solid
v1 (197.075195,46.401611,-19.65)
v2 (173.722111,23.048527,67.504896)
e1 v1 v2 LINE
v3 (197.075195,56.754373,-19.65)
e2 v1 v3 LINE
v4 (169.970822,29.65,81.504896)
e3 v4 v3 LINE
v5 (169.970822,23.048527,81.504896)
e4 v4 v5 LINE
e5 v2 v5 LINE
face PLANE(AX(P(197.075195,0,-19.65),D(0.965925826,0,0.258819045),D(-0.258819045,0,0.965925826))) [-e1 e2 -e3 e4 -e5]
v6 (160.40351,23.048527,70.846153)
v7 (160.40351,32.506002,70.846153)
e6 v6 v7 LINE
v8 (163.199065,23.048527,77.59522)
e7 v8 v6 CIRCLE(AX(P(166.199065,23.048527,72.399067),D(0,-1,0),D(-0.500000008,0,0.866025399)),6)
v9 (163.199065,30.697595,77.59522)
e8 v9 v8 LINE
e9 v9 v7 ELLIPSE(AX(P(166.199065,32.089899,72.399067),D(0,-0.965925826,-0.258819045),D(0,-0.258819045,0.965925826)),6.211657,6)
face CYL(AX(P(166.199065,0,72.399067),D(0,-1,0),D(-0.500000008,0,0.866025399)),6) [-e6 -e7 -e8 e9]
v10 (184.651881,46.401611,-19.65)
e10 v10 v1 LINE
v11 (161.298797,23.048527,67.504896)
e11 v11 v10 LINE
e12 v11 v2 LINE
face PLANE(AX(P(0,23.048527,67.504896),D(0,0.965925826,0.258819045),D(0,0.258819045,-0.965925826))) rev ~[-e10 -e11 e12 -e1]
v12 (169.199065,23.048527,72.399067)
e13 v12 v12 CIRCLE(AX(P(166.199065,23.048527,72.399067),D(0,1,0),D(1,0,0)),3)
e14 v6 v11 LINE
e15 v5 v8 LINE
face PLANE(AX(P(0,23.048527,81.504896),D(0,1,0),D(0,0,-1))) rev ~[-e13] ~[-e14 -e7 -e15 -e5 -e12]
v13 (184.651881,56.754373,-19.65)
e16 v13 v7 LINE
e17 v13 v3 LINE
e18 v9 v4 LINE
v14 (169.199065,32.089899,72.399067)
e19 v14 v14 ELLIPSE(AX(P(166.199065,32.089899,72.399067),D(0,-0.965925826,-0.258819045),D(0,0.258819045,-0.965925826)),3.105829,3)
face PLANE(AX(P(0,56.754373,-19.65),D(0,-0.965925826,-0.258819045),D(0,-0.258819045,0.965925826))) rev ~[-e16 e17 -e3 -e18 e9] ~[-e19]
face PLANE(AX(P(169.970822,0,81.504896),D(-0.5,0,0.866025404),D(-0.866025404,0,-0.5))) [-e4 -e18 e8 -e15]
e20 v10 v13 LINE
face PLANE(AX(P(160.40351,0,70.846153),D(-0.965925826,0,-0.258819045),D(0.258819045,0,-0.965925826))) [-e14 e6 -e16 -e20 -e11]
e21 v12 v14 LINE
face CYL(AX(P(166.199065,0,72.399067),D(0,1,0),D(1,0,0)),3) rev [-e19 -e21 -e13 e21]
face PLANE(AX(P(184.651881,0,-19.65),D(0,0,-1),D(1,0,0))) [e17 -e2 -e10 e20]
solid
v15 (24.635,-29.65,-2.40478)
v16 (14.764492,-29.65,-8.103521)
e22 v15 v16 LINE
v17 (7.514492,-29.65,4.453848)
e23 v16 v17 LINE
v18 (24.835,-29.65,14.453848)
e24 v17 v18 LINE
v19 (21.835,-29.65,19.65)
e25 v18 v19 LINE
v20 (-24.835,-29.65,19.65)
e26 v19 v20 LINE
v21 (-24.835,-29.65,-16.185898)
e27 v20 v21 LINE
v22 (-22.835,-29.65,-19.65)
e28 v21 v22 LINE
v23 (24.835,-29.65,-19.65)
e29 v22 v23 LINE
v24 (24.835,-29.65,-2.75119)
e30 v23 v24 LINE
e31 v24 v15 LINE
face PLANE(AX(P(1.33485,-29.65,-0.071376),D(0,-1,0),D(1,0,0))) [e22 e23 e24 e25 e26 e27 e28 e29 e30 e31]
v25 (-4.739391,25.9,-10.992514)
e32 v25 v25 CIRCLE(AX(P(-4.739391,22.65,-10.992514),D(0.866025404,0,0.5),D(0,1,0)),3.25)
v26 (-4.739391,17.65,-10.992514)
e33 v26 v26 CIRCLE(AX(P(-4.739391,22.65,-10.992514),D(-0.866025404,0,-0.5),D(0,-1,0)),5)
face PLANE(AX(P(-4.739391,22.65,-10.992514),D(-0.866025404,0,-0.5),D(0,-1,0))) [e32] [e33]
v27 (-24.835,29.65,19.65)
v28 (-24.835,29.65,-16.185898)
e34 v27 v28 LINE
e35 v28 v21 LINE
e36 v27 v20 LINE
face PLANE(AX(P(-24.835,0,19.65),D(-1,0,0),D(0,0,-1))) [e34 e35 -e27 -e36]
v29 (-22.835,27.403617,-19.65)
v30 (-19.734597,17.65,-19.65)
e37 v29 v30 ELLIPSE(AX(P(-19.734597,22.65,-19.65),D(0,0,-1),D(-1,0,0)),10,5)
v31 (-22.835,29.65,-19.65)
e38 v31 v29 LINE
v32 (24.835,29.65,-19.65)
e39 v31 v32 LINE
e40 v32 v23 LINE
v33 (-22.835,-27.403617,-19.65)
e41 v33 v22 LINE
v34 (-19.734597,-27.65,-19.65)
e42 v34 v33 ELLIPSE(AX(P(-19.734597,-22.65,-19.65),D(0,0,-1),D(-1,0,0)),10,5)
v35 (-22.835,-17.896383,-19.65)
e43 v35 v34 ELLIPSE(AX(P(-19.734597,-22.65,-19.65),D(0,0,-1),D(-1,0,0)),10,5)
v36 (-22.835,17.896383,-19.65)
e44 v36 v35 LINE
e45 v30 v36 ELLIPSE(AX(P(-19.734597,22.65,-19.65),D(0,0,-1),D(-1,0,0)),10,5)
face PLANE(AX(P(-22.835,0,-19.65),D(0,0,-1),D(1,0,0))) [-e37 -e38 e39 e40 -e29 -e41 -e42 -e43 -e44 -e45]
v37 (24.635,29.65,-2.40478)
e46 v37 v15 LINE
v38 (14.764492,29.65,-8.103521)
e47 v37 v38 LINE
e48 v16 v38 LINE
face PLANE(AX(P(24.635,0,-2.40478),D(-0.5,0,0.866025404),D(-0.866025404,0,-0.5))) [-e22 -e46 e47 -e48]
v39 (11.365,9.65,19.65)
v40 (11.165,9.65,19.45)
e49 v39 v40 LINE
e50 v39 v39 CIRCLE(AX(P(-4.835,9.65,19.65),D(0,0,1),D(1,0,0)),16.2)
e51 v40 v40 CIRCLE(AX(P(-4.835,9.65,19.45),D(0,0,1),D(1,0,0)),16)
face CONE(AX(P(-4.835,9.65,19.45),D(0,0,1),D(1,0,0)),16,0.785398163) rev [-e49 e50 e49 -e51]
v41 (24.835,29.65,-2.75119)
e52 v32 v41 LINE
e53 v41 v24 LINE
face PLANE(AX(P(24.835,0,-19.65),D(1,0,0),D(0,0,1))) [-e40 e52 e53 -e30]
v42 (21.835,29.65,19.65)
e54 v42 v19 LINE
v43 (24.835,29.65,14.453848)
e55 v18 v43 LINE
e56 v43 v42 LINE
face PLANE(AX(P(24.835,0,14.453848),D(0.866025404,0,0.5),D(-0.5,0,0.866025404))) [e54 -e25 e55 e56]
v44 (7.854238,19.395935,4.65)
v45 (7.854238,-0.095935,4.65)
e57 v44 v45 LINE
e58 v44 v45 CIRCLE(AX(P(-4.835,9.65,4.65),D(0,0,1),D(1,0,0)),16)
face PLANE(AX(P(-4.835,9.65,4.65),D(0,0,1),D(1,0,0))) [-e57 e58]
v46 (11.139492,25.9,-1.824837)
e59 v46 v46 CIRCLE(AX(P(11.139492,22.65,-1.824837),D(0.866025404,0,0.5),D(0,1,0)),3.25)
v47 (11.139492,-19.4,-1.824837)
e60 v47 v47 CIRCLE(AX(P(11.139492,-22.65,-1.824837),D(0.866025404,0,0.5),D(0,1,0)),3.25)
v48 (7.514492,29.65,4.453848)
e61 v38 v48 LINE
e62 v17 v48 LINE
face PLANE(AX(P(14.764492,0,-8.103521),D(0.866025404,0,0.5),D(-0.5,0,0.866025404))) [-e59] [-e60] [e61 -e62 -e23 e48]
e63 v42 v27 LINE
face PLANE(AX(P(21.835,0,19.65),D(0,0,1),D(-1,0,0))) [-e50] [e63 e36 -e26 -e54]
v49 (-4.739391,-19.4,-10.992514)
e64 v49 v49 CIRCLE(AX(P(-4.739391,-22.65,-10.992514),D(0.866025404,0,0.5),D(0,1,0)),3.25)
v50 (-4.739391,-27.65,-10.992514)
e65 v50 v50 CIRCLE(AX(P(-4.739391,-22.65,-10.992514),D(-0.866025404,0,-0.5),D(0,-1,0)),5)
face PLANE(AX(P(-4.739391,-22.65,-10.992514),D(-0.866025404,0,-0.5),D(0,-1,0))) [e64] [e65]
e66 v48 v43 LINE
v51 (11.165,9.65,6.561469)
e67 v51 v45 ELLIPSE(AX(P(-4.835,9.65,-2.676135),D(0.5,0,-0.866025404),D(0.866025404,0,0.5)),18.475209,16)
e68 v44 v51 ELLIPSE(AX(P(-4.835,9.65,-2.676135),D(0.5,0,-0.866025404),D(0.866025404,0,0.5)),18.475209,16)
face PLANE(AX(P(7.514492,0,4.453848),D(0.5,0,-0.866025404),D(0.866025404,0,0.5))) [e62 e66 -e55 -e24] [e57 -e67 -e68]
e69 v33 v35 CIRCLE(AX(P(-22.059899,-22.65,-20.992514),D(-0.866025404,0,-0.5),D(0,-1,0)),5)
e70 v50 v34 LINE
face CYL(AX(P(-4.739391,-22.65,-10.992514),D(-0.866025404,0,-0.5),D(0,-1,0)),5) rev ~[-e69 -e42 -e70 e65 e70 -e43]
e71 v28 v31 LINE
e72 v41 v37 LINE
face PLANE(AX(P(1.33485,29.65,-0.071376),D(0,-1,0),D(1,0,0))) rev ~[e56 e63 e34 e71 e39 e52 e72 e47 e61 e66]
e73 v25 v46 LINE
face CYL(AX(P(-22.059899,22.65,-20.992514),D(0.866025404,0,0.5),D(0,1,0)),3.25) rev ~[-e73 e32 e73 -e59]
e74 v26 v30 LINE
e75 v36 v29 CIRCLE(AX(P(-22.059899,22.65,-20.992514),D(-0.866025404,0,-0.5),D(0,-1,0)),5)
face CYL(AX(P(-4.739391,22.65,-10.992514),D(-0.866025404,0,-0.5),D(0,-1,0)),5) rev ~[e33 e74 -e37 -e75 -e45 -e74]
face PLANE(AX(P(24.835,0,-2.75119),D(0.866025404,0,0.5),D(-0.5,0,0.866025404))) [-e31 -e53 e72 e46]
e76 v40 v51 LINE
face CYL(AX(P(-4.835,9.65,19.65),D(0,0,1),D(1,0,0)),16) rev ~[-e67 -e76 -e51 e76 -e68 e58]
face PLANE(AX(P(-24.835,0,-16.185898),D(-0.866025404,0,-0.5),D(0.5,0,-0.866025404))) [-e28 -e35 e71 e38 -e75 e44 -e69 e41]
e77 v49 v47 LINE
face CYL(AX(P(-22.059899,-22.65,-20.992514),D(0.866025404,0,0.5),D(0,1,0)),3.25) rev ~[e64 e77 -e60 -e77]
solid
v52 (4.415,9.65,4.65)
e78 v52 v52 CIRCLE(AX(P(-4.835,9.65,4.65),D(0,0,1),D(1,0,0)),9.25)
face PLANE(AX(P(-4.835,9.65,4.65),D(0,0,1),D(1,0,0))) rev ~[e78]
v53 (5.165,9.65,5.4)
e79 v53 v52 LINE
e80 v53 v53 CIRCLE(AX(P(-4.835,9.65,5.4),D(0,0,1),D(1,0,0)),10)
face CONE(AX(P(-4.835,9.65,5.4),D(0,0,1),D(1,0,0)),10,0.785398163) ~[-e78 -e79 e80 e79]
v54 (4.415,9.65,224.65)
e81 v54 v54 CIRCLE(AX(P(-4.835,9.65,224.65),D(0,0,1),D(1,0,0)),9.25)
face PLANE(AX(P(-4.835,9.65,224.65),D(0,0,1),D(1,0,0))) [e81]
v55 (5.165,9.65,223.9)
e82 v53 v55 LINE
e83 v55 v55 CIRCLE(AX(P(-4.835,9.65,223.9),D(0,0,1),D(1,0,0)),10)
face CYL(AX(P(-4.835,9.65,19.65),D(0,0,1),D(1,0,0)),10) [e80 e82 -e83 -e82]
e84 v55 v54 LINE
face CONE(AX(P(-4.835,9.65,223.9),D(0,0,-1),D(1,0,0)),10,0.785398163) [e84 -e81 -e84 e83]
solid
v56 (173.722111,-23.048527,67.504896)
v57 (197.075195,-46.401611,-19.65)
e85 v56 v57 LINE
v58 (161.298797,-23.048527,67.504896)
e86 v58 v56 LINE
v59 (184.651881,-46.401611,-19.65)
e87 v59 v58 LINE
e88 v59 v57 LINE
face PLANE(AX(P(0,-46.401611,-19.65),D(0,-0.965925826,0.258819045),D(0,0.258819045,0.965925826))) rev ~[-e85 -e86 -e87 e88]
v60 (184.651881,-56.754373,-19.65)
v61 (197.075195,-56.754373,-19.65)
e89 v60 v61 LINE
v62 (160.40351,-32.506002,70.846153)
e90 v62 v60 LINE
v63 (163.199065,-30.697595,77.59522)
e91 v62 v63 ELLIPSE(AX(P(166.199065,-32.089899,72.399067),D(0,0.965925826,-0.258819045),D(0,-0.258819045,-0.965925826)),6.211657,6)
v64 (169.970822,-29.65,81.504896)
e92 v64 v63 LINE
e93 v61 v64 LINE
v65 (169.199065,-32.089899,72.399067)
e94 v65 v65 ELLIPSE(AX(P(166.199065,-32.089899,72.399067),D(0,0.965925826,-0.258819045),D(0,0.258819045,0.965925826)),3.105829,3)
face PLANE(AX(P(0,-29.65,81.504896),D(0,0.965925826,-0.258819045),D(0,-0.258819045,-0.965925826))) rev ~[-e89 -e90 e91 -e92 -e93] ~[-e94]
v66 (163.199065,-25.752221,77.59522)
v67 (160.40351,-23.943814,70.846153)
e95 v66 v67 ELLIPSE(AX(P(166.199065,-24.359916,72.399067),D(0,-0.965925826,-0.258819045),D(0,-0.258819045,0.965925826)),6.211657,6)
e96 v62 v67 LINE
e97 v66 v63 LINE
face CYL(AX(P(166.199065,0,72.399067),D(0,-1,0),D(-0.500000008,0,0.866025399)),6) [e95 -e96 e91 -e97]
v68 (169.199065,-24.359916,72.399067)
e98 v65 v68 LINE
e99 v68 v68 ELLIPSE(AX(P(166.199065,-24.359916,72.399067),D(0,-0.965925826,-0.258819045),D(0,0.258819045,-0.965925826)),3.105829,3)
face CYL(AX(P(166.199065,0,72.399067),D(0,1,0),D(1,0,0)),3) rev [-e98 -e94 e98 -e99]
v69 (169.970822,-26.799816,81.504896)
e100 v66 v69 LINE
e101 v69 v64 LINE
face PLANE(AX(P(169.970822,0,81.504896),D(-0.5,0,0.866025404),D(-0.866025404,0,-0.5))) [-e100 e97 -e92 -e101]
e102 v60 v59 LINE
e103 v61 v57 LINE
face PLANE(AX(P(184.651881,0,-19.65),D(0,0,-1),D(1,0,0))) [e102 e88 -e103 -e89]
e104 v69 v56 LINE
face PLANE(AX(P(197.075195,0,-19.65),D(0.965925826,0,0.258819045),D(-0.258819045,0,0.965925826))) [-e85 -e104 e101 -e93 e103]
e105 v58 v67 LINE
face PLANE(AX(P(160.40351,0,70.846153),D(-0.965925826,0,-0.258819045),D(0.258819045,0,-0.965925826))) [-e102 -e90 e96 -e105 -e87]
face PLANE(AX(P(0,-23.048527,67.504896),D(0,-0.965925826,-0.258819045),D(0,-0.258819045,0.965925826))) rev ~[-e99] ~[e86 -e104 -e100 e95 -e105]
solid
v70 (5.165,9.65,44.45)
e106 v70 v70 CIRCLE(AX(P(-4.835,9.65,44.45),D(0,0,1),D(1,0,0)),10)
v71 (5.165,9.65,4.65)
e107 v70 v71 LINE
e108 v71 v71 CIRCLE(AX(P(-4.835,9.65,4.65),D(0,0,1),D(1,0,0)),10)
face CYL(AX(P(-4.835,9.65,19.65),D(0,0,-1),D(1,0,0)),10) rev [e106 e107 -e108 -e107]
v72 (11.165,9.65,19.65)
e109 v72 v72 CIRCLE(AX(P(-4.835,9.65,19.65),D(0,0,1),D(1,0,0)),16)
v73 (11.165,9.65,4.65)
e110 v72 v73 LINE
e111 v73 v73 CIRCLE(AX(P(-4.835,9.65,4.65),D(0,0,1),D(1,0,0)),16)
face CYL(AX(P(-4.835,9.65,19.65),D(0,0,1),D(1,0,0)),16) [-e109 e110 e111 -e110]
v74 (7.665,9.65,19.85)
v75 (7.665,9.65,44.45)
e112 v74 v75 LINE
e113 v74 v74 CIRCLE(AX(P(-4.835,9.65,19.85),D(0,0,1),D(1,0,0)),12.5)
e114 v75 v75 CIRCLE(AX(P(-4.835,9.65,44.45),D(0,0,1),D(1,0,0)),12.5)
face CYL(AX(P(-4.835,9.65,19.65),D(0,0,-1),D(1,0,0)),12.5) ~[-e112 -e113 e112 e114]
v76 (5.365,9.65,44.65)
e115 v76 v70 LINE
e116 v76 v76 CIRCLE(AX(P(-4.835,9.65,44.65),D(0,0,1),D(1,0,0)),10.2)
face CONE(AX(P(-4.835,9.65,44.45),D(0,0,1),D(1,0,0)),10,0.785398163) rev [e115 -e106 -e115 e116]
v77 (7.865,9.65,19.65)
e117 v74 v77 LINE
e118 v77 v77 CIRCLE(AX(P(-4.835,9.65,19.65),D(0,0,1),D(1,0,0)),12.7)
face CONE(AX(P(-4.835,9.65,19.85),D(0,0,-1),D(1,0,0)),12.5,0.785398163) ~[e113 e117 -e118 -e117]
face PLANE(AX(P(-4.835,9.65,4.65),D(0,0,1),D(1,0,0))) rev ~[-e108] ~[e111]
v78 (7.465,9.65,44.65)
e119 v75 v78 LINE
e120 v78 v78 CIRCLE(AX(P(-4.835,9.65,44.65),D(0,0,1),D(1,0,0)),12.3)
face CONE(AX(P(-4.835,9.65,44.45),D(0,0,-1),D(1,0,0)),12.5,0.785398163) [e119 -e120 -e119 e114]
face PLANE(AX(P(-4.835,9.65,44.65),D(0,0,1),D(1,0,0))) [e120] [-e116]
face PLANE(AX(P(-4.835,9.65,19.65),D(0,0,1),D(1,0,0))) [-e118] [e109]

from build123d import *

# Parameters (mm, degrees)
F1_DEPTH       = 29.65
F3_D           = 6.5
F3_CBORE_D     = 10
F3_CBORE_DEPTH = 20
F4_R           = 16
F4_R_2         = 12.5
F4_R_3         = 10
F4_R_4         = 3
F5_DEPTH       = 15
F6_DEPTH       = 15
F7_DEPTH       = 25
F8_SIZE        = 0.2
F8_2_SIZE      = 0.2
F9_DEPTH       = 205
F9_DEPTH_BACK  = 15
F10_SIZE       = 0.75
F11_R          = 3
F12_DEPTH      = 60
F14_DEPTH      = 197.0761949335


with BuildPart() as f1:
    # F0 (on Front) → F1 (new body, symmetric)
    with BuildSketch(Plane.XZ):
        Polygon((24.835, 14.4538475773), (21.835, 19.65), (-24.835, 19.65), (-24.835, -16.1858983849), (-22.835, -19.65), (24.835, -19.65), (24.835, -2.7511904446), (24.635, -2.404780283), (14.7644919243, -8.1035207776), (7.5144919243, 4.4538475773), align=None)
    extrude(amount=F1_DEPTH, both=True)

    # F3 (through all)
    with Locations(Plane(origin=(-25.6349495922, 0, -14.8003450477), x_dir=(0, -1, 0), z_dir=(-0.8660254038, 0, -0.5))):
        with Locations((-22.65, -7.1501008156), (22.65, -7.1501008156)):
            CounterBoreHole(F3_D / 2, F3_CBORE_D / 2, F3_CBORE_DEPTH)

    # F4 (on face) → F5 (cut)
    with BuildSketch(Plane.XY.offset(19.65)):
        with Locations((-4.835, 9.65)):
            Circle(F4_R)
        with Locations((-4.835, 9.65)):
            Circle(F4_R_2, mode=Mode.SUBTRACT)
        with Locations((-4.835, 9.65)):
            Circle(F4_R_2)
        with Locations((-4.835, 9.65)):
            Circle(F4_R_3, mode=Mode.SUBTRACT)
        with Locations((-4.835, 9.65)):
            Circle(F4_R_3)
        with Locations((-4.835, 9.65)):
            Circle(F4_R_4, mode=Mode.SUBTRACT)
        with Locations((-4.835, 9.65)):
            Circle(F4_R_4)
    extrude(amount=-F5_DEPTH, mode=Mode.SUBTRACT)

    # F8#2
    f8_2_edges = [f1.edges().sort_by_distance(p)[0] for p in [
        (-20.835, 9.65, 19.65),
    ]]
    chamfer(f8_2_edges, length=F8_2_SIZE)


with BuildPart() as f6:
    # F4 (on face) → F6 (new body)
    with BuildSketch(Plane.XY.offset(19.65)):
        with Locations((-4.835, 9.65)):
            Circle(F4_R)
        with Locations((-4.835, 9.65)):
            Circle(F4_R_2, mode=Mode.SUBTRACT)
        with Locations((-4.835, 9.65)):
            Circle(F4_R_2)
        with Locations((-4.835, 9.65)):
            Circle(F4_R_3, mode=Mode.SUBTRACT)
    extrude(amount=-F6_DEPTH)

    # F4 (on face) → F7 (join)
    with BuildSketch(Plane.XY.offset(19.65)):
        with Locations((-4.835, 9.65)):
            Circle(F4_R_2)
        with Locations((-4.835, 9.65)):
            Circle(F4_R_3, mode=Mode.SUBTRACT)
    extrude(amount=F7_DEPTH)

    # F8
    f8_edges = [f6.edges().sort_by_distance(p)[0] for p in [
        (-17.335, 9.65, 44.65),
        (-14.835, 9.65, 44.65),
        (-17.335, 9.65, 19.65),
    ]]
    chamfer(f8_edges, length=F8_SIZE)


with BuildPart() as f9:
    # F4 (on face) → F9 (new body, two sides)
    with BuildSketch(Plane.XY.offset(19.65)) as f9_sk:
        with Locations((-4.835, 9.65)):
            Circle(F4_R_3)
        with Locations((-4.835, 9.65)):
            Circle(F4_R_4, mode=Mode.SUBTRACT)
        with Locations((-4.835, 9.65)):
            Circle(F4_R_4)
    extrude(amount=F9_DEPTH)
    extrude(f9_sk.sketch, amount=-F9_DEPTH_BACK)

    # F10
    f10_edges = [f9.edges().sort_by_distance(p)[0] for p in [
        (-14.835, 9.65, 224.65),
        (-14.835, 9.65, 4.65),
    ]]
    chamfer(f10_edges, length=F10_SIZE)


with BuildPart() as f12:
    # F11 (on Front) → F12 (new body, symmetric)
    with BuildSketch(Plane.XZ):
        with BuildLine():
            Line((197.0751949335, -19.65), (169.9708222839, 81.5048958355))
            Line((169.9708222839, 81.5048958355), (163.1990645561, 77.5952196885))
            ThreePointArc((163.1990645561, 77.5952196885), (160.6557873995, 74.6951678621), (160.4035096478, 70.8461530236))
            Line((160.4035096478, 70.8461530236), (184.6518807686, -19.65))
            Line((184.6518807686, -19.65), (197.0751949335, -19.65))
        make_face()
        with Locations((166.1990646055, 72.3990672942)):
            Circle(F11_R, mode=Mode.SUBTRACT)
    extrude(amount=F12_DEPTH, both=True)

    # F13 (on Right) → F14 (intersect, through all)
    with BuildSketch(Plane.YZ):
        Polygon((-56.7543726496, -19.65), (-46.4016108455, -19.65), (-23.0485268899, 67.5048958355), (-26.799815584, 81.5048958355), (-29.65, 81.5048958355), align=None)
        Polygon((23.0485268899, 67.5048958355), (46.4016108455, -19.65), (56.7543726496, -19.65), (29.65, 81.5048958355), (23.0485268899, 81.5048958355), align=None)
    extrude(amount=F14_DEPTH, mode=Mode.INTERSECT)


solid = Compound([f1.part, f6.part, f9.part, f12.part])
